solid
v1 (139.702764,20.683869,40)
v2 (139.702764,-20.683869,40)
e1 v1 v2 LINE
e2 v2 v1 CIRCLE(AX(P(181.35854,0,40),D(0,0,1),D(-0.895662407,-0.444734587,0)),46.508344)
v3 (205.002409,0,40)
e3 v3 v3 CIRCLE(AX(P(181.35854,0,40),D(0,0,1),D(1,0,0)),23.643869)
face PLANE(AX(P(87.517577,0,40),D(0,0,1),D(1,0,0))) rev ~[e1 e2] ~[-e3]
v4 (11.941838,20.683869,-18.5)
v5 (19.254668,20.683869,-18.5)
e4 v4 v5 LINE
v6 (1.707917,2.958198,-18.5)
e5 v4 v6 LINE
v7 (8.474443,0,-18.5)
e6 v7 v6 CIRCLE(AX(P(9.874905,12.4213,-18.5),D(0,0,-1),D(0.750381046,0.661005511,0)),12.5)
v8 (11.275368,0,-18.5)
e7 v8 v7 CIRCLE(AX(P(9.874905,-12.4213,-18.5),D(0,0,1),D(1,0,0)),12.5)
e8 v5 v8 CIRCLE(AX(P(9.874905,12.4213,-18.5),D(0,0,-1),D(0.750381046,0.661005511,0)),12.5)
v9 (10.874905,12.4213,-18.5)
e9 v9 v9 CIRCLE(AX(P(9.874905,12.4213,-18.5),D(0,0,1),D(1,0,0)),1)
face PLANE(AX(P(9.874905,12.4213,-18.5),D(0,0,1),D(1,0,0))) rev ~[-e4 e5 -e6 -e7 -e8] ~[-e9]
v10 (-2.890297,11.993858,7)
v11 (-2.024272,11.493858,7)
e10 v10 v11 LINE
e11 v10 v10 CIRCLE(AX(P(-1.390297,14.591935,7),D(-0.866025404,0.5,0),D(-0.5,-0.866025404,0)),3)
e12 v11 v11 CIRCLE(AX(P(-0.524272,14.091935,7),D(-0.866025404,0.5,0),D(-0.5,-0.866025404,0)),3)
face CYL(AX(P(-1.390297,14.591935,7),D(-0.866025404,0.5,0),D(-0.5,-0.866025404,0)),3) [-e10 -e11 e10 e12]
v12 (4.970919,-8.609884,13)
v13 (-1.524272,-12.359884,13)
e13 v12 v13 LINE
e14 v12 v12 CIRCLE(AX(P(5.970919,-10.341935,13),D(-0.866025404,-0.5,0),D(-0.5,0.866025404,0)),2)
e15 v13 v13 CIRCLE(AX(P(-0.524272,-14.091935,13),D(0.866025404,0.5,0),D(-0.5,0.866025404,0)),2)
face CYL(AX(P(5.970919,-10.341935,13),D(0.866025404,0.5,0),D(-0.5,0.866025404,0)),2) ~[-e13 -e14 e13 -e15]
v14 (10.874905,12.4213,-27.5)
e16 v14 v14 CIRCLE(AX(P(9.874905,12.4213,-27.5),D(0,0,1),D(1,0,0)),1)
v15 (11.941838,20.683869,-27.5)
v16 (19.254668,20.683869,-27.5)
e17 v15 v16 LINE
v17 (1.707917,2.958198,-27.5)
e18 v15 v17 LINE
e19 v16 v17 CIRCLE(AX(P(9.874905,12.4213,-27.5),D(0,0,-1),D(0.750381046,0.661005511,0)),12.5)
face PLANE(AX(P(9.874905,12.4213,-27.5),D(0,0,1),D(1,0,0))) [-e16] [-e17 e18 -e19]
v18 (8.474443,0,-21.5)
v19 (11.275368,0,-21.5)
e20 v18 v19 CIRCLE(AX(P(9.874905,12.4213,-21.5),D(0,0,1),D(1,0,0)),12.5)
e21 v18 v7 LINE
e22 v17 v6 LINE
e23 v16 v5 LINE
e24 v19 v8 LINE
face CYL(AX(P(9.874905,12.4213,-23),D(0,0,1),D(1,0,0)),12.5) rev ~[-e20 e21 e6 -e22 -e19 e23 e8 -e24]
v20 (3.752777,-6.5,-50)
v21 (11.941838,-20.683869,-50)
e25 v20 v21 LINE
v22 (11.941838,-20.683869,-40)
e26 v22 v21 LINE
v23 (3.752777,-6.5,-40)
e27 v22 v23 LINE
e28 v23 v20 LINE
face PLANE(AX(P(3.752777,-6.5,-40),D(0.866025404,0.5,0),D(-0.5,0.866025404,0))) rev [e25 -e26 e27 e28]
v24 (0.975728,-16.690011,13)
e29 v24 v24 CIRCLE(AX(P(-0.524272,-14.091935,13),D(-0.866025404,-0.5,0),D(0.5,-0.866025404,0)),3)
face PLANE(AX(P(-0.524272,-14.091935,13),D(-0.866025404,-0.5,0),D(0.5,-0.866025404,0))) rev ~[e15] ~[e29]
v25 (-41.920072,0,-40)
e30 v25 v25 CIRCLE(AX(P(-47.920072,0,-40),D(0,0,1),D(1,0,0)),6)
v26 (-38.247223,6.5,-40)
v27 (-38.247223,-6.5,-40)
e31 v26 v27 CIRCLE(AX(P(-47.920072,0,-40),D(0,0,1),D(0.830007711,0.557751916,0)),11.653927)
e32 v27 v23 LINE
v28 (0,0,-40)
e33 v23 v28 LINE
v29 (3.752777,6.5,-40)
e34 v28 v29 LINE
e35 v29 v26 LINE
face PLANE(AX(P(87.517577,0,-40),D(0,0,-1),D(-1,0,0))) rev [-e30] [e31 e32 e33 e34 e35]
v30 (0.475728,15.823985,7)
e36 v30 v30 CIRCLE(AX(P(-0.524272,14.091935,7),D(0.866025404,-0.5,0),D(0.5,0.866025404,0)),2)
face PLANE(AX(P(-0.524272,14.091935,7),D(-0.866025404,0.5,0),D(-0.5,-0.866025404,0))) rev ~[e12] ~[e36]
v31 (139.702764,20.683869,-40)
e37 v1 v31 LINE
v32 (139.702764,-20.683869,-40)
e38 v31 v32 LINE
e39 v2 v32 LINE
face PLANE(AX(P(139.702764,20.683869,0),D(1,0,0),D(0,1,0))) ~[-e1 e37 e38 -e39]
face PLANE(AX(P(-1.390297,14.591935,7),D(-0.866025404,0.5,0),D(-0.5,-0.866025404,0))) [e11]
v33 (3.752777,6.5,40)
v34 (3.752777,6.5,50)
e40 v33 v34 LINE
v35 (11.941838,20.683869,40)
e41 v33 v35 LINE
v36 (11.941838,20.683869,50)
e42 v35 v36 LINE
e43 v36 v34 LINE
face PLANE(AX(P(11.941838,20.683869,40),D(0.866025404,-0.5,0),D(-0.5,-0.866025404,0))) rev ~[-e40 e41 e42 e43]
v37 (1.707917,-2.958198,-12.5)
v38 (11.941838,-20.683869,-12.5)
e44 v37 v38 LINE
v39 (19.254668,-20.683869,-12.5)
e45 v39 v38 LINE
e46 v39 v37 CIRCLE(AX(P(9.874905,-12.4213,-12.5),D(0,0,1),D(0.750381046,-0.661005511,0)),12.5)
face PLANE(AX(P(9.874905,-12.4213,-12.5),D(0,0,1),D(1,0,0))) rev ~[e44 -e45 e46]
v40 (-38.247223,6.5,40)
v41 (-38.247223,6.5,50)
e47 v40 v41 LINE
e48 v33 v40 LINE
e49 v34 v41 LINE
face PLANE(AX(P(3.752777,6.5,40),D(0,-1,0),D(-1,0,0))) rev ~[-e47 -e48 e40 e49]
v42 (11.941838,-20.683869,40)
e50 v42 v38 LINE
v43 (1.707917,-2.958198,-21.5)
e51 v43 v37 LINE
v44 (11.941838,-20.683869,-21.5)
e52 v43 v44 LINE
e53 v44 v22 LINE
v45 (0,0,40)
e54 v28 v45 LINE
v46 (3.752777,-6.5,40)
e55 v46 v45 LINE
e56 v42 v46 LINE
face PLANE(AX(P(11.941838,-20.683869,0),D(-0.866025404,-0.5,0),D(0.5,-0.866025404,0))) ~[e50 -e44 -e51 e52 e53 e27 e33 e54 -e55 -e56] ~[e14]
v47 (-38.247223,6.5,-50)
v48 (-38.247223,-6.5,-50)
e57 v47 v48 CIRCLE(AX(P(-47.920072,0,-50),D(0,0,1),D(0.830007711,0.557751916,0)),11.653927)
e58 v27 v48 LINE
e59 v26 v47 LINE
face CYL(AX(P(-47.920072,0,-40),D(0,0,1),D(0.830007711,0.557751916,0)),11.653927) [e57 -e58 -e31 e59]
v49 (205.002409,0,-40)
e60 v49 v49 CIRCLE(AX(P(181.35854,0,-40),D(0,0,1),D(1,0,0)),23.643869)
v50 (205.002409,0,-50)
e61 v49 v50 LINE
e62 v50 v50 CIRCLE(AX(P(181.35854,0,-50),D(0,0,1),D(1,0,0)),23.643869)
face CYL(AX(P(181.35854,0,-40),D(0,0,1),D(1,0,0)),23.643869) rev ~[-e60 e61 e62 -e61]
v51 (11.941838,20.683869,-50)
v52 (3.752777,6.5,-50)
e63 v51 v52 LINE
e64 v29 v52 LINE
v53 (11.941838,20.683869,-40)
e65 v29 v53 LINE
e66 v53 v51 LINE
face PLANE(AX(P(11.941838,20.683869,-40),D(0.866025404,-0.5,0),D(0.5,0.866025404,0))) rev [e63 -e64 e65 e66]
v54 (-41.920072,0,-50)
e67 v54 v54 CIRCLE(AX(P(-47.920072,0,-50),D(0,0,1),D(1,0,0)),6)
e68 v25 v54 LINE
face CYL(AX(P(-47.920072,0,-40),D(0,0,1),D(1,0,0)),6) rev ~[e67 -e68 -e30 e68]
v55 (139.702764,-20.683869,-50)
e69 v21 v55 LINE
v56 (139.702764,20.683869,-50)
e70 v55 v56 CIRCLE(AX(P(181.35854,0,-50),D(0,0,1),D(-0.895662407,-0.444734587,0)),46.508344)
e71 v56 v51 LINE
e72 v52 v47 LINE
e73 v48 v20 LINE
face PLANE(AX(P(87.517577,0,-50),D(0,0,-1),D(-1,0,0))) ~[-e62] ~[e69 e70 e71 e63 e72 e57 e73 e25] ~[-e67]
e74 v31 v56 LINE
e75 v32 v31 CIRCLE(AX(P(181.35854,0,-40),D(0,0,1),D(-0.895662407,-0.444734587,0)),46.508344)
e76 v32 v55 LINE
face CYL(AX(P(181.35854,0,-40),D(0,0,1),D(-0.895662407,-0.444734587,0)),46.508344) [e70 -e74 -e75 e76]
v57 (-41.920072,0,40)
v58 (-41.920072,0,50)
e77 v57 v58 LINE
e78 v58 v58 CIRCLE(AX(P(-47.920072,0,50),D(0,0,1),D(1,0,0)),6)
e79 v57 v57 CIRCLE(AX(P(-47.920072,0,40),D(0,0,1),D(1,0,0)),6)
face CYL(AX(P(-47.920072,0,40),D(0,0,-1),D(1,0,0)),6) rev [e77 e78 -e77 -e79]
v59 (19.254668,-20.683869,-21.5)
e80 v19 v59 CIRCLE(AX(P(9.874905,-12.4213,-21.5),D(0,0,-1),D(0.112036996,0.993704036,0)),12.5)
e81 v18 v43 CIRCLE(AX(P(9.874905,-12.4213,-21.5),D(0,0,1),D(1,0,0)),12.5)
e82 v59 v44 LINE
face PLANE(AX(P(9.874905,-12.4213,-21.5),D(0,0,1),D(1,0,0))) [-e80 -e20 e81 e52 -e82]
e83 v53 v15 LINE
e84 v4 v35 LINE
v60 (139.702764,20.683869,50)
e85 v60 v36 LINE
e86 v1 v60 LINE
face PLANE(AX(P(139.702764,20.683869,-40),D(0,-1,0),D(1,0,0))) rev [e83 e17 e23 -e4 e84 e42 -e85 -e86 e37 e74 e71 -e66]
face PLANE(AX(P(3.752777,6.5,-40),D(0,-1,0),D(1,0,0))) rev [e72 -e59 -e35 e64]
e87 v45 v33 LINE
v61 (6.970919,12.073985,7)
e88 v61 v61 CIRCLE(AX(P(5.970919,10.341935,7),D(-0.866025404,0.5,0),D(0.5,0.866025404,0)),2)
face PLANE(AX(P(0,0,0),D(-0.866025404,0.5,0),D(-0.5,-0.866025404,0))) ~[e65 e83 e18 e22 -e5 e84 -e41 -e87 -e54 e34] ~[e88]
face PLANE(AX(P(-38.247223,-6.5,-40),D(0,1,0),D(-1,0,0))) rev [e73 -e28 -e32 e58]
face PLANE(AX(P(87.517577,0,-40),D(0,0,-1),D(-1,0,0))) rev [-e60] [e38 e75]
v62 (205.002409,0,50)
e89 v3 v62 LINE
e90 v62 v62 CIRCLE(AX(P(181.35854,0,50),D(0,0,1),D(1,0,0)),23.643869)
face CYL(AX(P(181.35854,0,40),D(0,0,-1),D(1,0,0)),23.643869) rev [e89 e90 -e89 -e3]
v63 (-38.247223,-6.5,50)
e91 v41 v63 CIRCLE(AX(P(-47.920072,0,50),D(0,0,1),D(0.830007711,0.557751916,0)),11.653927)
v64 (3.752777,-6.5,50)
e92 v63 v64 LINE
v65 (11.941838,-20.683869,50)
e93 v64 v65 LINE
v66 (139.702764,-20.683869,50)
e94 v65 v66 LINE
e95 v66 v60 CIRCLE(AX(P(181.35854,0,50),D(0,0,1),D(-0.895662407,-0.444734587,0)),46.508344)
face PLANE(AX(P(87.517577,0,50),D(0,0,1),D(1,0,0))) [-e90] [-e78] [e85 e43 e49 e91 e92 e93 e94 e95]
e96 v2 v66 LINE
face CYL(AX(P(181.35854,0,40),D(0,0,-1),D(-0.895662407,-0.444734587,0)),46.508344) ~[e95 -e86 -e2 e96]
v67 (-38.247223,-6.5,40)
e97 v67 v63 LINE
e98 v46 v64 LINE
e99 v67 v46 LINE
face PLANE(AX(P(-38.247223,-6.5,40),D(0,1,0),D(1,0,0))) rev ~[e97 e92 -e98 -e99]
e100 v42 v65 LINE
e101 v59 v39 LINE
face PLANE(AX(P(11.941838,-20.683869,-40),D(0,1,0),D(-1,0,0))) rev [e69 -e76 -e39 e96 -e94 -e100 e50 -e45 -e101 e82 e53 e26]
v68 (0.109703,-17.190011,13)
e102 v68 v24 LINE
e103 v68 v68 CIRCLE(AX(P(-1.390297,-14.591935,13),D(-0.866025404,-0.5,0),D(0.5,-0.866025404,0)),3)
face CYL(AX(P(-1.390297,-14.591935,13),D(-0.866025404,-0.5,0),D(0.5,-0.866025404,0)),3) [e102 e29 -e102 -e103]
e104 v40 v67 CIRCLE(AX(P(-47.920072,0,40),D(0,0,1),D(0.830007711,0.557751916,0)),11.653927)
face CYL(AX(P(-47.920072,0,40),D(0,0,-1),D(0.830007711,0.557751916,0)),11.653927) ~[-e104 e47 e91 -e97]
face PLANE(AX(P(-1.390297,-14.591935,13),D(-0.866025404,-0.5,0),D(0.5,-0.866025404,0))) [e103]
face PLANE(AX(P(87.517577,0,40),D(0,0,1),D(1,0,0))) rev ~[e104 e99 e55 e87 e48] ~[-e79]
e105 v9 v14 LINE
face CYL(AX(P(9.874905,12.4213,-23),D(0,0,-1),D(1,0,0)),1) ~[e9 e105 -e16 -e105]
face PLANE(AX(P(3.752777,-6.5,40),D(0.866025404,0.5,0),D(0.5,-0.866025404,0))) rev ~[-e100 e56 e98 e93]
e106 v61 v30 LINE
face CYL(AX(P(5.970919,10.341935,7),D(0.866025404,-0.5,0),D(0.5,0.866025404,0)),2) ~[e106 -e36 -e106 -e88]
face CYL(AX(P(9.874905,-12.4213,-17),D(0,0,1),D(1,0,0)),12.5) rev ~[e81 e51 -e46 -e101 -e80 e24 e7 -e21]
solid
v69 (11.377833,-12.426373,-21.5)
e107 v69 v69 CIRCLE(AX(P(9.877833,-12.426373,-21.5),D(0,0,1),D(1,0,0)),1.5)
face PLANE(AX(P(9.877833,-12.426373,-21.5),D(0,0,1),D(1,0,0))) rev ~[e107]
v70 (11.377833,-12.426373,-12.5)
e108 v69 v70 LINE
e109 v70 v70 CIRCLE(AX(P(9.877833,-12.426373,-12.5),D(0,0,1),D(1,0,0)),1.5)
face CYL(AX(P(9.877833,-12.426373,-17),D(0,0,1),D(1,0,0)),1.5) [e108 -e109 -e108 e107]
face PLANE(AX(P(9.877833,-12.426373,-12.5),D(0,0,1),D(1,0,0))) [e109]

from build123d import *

# Parameters (mm, degrees)
BOSS_EXTRUDE4_DEPTH  = 40
SKETCH4_R            = 6
SKETCH4_R_2          = 23.64386934
BOSS_EXTRUDE5_DEPTH  = 10
SKETCH19_R           = 12.5
SKETCH19_R_2         = 1
CUT_EXTRUDE2_DEPTH   = 4.5
SKETCH21_R           = 2
BOSS_EXTRUDE7_DEPTH  = 8.5
SKETCH24_R           = 2
BOSS_EXTRUDE8_DEPTH  = 8.5
SKETCH26_R           = 12.5
CUT_EXTRUDE3_DEPTH   = 4.5
SKETCH32_R           = 1.5
BOSS_EXTRUDE10_DEPTH = 4.5
SKETCH33_R           = 3
BOSS_EXTRUDE11_DEPTH = 1
SKETCH34_R           = 3
BOSS_EXTRUDE12_DEPTH = 1


with BuildPart() as part:
    # Sketch1 → Boss-Extrude4 (new body)
    with BuildSketch(Plane.XY):
        Polygon((0, 0), (11.941837529, 20.683869337), (139.702763908, 20.683869337), (139.702763908, -20.683869337), (11.941837529, -20.683869337), align=None)
    extrude(amount=BOSS_EXTRUDE4_DEPTH)

    # Sketch4 → Boss-Extrude5 (add)
    with BuildSketch(Plane.XY.offset(40)):
        with BuildLine():
            Line((139.702763908, 20.683869337), (11.941837529, 20.683869337))
            Line((11.941837529, 20.683869337), (3.75277675, 6.5))
            Line((3.75277675, 6.5), (-38.24722325, 6.5))
            ThreePointArc((-38.24722325, 6.5), (-59.57399913, 0), (-38.24722325, -6.5))
            Line((-38.24722325, -6.5), (3.75277675, -6.5))
            Line((3.75277675, -6.5), (11.941837529, -20.683869337))
            Line((11.941837529, -20.683869337), (139.702763908, -20.683869337))
            ThreePointArc((139.702763908, -20.683869337), (227.866884071, 0), (139.702763908, 20.683869337))
        make_face()
        with Locations((-47.920072343, 0)):
            Circle(SKETCH4_R, mode=Mode.SUBTRACT)
        with Locations((181.358539635, 0)):
            Circle(SKETCH4_R_2, mode=Mode.SUBTRACT)
    extrude(amount=BOSS_EXTRUDE5_DEPTH)

    # Mirror2: part across plane


with BuildPart() as part_1:
    add(part.part)
    add(part.part.mirror(Plane.XY))

    # Sketch19 → Cut-Extrude2 (cut, symmetric)
    with BuildSketch(Plane.XY.offset(-23)):
        with Locations((9.87490508, 12.421300452)):
            Circle(SKETCH19_R)
        with Locations((9.87490508, 12.421300452)):
            Circle(SKETCH19_R_2, mode=Mode.SUBTRACT)
    extrude(amount=CUT_EXTRUDE2_DEPTH, both=True, mode=Mode.SUBTRACT)

    # Sketch21 → Boss-Extrude7 (add)
    with BuildSketch(Plane(origin=(0, 0, 0), x_dir=(0, 0, 1), z_dir=(-0.8660254037844399, 0.4999999999999979, 0))):
        with Locations(Location((7, 11.941837529, 0), (0, 0, 90))):
            Circle(SKETCH21_R)
    extrude(amount=BOSS_EXTRUDE7_DEPTH)

    # Sketch24 → Boss-Extrude8 (add)
    with BuildSketch(Plane(origin=(0, 0, 0), x_dir=(0, 0, 1), z_dir=(-0.8660254037844399, -0.49999999999999784, 0))):
        with Locations(Location((13, -11.941837529, 0), (0, 0, 90))):
            Circle(SKETCH24_R)
    extrude(amount=BOSS_EXTRUDE8_DEPTH)

    # Sketch26 → Cut-Extrude3 (cut, symmetric)
    with BuildSketch(Plane.XY.offset(-17)):
        with Locations((9.87490508, -12.421300452)):
            Circle(SKETCH26_R)
    extrude(amount=CUT_EXTRUDE3_DEPTH, both=True, mode=Mode.SUBTRACT)

    # Sketch33 → Boss-Extrude11 (add)
    with BuildSketch(Plane(origin=(-7.361215932, 4.25, 0), x_dir=(0, 0, 1), z_dir=(-0.8660254037844399, 0.49999999999999795, 0))):
        with Locations(Location((7, 11.941837529, 0), (0, 0, 270))):
            Circle(SKETCH33_R)
    extrude(amount=-BOSS_EXTRUDE11_DEPTH)

    # Sketch34 → Boss-Extrude12 (add)
    with BuildSketch(Plane(origin=(-7.361215932, -4.25, 0), x_dir=(0, 0, 1), z_dir=(-0.8660254037844399, -0.49999999999999784, 0))):
        with Locations(Location((13, -11.941837529, 0), (0, 0, 270))):
            Circle(SKETCH34_R)
    extrude(amount=-BOSS_EXTRUDE12_DEPTH)


with BuildPart() as body_2:
    # Sketch32 → Boss-Extrude10 (new, symmetric)
    with BuildSketch(Plane.XY.offset(-17)):
        with Locations((9.877833455, -12.426372546)):
            Circle(SKETCH32_R)
    extrude(amount=BOSS_EXTRUDE10_DEPTH, both=True)


solid = Compound([part_1.part, body_2.part])
